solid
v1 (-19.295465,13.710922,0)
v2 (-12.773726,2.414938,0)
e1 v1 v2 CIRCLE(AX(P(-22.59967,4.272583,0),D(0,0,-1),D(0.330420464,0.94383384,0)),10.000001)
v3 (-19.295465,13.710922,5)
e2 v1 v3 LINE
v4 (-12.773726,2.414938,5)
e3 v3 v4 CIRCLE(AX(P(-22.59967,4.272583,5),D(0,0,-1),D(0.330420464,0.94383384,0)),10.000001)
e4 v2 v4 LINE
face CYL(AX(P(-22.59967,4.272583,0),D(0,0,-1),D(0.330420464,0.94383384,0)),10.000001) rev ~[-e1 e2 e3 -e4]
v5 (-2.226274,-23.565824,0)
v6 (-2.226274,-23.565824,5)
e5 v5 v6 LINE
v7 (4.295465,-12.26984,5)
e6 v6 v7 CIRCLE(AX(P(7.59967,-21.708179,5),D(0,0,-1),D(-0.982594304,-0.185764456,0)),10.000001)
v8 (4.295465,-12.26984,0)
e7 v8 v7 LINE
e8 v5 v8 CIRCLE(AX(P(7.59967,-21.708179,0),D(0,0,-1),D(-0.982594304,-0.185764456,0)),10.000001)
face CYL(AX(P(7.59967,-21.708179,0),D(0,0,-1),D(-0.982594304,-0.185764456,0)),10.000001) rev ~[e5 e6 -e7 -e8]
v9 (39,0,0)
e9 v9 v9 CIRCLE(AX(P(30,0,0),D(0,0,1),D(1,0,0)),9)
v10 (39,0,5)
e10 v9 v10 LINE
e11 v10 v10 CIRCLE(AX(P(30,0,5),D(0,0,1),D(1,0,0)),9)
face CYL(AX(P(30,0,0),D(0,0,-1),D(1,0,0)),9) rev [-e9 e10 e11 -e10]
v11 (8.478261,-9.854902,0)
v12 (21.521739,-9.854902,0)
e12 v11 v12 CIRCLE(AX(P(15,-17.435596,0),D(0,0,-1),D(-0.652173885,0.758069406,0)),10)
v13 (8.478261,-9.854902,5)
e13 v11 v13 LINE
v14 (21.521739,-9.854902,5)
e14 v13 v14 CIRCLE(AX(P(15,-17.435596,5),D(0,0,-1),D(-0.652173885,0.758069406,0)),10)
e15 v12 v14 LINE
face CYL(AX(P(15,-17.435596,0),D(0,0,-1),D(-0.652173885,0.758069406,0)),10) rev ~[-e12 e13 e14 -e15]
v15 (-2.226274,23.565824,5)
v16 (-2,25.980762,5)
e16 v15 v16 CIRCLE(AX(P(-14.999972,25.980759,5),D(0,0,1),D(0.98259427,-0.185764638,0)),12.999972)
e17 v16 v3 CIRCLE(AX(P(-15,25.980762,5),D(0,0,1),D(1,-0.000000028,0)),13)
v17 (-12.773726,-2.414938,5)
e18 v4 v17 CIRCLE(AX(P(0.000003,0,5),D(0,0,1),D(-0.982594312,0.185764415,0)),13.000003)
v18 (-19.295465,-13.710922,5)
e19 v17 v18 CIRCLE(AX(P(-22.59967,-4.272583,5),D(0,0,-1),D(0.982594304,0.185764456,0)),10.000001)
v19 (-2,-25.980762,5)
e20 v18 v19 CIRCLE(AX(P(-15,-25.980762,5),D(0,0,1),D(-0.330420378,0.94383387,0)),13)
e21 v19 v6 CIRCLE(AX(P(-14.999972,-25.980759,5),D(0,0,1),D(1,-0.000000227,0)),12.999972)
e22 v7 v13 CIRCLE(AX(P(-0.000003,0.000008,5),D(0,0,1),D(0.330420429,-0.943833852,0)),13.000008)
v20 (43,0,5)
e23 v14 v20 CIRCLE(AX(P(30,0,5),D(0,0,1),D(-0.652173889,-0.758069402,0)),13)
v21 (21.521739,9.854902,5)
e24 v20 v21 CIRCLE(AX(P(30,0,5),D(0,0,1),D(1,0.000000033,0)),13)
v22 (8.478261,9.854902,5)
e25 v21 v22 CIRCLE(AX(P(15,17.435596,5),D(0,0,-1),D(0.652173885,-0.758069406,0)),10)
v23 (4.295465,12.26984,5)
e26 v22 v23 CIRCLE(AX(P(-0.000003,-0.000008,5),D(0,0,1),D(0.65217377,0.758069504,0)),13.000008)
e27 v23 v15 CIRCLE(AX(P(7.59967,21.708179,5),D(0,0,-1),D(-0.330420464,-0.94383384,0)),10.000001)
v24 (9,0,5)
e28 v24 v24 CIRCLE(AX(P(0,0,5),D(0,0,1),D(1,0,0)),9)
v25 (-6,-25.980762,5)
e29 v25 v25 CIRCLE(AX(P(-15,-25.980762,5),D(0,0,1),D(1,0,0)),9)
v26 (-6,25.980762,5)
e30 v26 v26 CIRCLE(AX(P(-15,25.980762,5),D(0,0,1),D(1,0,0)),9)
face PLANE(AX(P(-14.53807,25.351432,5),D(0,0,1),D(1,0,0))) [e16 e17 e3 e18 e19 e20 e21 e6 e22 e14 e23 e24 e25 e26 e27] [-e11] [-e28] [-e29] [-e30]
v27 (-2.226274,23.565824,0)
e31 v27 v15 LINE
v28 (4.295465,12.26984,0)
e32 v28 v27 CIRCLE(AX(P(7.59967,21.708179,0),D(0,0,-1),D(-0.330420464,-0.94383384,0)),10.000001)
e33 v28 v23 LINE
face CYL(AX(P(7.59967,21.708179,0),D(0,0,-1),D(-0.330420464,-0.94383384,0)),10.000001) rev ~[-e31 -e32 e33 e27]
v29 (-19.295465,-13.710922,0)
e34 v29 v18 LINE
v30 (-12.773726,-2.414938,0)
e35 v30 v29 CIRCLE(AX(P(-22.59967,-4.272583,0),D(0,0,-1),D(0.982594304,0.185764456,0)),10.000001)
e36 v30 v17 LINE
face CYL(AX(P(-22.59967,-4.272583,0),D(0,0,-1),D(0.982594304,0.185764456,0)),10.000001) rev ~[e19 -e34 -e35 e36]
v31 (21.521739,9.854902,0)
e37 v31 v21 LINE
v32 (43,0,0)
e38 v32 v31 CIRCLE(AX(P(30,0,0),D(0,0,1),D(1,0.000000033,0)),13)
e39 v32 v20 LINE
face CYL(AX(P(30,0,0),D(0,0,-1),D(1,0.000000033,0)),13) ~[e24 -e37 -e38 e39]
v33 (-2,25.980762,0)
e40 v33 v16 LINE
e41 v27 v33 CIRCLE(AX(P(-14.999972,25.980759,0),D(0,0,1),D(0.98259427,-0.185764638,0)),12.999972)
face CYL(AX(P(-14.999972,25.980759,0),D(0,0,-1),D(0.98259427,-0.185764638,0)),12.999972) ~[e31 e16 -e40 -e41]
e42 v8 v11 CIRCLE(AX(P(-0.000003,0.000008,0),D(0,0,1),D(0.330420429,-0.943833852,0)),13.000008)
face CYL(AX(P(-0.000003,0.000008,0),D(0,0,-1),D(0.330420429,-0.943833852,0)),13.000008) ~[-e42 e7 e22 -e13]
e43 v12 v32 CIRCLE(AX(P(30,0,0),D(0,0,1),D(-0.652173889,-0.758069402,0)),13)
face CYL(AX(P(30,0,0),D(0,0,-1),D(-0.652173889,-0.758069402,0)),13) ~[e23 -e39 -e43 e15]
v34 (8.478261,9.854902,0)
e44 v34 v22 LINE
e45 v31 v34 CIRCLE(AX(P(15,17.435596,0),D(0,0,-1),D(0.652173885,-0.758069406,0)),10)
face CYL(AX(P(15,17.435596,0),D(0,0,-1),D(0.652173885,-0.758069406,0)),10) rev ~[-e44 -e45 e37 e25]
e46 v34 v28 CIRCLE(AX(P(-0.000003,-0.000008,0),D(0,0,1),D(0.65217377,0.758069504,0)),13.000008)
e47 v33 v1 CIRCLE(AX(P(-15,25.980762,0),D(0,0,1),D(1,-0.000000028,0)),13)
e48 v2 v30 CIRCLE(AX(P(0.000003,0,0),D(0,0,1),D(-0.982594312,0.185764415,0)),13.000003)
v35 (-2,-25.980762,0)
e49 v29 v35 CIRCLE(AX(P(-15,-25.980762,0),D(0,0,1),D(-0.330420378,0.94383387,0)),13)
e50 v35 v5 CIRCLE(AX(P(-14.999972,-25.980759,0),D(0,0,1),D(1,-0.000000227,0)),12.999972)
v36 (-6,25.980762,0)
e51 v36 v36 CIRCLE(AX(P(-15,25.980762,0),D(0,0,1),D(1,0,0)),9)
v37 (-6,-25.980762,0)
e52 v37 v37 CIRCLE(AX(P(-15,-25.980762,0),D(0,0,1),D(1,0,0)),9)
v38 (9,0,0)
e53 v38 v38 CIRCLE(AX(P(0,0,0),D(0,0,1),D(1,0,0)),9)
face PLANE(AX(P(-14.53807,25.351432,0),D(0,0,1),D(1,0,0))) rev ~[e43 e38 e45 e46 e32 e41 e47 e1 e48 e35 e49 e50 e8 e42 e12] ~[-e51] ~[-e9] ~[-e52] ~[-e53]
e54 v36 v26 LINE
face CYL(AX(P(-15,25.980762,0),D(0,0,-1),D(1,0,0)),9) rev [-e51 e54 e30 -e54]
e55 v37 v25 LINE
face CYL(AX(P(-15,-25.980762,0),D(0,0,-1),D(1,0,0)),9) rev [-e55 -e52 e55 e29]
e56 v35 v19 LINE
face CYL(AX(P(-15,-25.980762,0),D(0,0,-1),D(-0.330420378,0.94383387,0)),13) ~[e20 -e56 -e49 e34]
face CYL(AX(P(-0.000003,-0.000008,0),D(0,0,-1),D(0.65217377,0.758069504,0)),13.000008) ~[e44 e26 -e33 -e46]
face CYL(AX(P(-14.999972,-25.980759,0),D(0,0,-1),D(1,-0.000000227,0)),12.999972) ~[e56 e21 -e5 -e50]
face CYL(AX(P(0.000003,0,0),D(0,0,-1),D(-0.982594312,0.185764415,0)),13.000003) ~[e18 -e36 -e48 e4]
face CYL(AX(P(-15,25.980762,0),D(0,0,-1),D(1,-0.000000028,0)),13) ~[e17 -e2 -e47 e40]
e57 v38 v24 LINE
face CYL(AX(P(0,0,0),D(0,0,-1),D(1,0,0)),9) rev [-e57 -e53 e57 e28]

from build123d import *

# Parameters (mm, degrees)
F0_R     = 9
F1_DEPTH = 5


with BuildPart() as f1:
    # F0 (on Top) → F1 (new body)
    with BuildSketch(Plane.XY):
        with BuildLine():
            ThreePointArc((-19.295465, 13.710922), (-8.5, 14.722432), (-2.226274, 23.565824))
            ThreePointArc((-2.226274, 23.565824), (-2.056692, 24.768004), (-2, 25.980762))
            ThreePointArc((-2, 25.980762), (-22.521933, 36.583617), (-19.295465, 13.710922))
        make_face()
        with Locations((-15, 25.980762)):
            Circle(F0_R, mode=Mode.SUBTRACT)
        with BuildLine():
            ThreePointArc((8.478261, -9.854902), (11.815612, -5.421375), (13, 0))
            ThreePointArc((13, 0), (11.815612, 5.421375), (8.478261, 9.854902))
            ThreePointArc((8.478261, 9.854902), (6.5, 11.25833), (4.295465, 12.26984))
            ThreePointArc((4.295465, 12.26984), (-6.5, 11.25833), (-12.773726, 2.414938))
            ThreePointArc((-12.773726, 2.414938), (-13, 0), (-12.773726, -2.414938))
            ThreePointArc((-12.773726, -2.414938), (-6.5, -11.25833), (4.295465, -12.26984))
            ThreePointArc((4.295465, -12.26984), (6.5, -11.25833), (8.478261, -9.854902))
        make_face()
        Circle(F0_R, mode=Mode.SUBTRACT)
        with BuildLine():
            ThreePointArc((-12.773726, 2.414938), (-6.5, 11.25833), (4.295465, 12.26984))
            ThreePointArc((4.295465, 12.26984), (-1.060585, 16.708179), (-2.226274, 23.565824))
            ThreePointArc((-2.226274, 23.565824), (-8.5, 14.722432), (-19.295465, 13.710922))
            ThreePointArc((-19.295465, 13.710922), (-13.939415, 9.272583), (-12.773726, 2.414938))
        make_face()
        with BuildLine():
            ThreePointArc((8.478261, 9.854902), (11.815612, 5.421375), (13, 0))
            ThreePointArc((13, 0), (11.815612, -5.421375), (8.478261, -9.854902))
            ThreePointArc((8.478261, -9.854902), (15, -7.435596), (21.521739, -9.854902))
            ThreePointArc((21.521739, -9.854902), (17, 0), (21.521739, 9.854902))
            ThreePointArc((21.521739, 9.854902), (15, 7.435596), (8.478261, 9.854902))
        make_face()
        with BuildLine():
            ThreePointArc((43, 0), (35.421375, 11.815612), (21.521739, 9.854902))
            ThreePointArc((21.521739, 9.854902), (17, 0), (21.521739, -9.854902))
            ThreePointArc((21.521739, -9.854902), (35.421375, -11.815612), (43, 0))
        make_face()
        with Locations((30, 0)):
            Circle(F0_R, mode=Mode.SUBTRACT)
        with BuildLine():
            ThreePointArc((-2.226274, -23.565824), (-1.060585, -16.708179), (4.295465, -12.26984))
            ThreePointArc((4.295465, -12.26984), (-6.5, -11.25833), (-12.773726, -2.414938))
            ThreePointArc((-12.773726, -2.414938), (-13.939415, -9.272583), (-19.295465, -13.710922))
            ThreePointArc((-19.295465, -13.710922), (-8.5, -14.722432), (-2.226274, -23.565824))
        make_face()
        with BuildLine():
            ThreePointArc((-2, -25.980762), (-2.056692, -24.768004), (-2.226274, -23.565824))
            ThreePointArc((-2.226274, -23.565824), (-8.5, -14.722432), (-19.295465, -13.710922))
            ThreePointArc((-19.295465, -13.710922), (-22.521933, -36.583617), (-2, -25.980762))
        make_face()
        with Locations((-15, -25.980762)):
            Circle(F0_R, mode=Mode.SUBTRACT)
    extrude(amount=F1_DEPTH)


solid = f1.part
